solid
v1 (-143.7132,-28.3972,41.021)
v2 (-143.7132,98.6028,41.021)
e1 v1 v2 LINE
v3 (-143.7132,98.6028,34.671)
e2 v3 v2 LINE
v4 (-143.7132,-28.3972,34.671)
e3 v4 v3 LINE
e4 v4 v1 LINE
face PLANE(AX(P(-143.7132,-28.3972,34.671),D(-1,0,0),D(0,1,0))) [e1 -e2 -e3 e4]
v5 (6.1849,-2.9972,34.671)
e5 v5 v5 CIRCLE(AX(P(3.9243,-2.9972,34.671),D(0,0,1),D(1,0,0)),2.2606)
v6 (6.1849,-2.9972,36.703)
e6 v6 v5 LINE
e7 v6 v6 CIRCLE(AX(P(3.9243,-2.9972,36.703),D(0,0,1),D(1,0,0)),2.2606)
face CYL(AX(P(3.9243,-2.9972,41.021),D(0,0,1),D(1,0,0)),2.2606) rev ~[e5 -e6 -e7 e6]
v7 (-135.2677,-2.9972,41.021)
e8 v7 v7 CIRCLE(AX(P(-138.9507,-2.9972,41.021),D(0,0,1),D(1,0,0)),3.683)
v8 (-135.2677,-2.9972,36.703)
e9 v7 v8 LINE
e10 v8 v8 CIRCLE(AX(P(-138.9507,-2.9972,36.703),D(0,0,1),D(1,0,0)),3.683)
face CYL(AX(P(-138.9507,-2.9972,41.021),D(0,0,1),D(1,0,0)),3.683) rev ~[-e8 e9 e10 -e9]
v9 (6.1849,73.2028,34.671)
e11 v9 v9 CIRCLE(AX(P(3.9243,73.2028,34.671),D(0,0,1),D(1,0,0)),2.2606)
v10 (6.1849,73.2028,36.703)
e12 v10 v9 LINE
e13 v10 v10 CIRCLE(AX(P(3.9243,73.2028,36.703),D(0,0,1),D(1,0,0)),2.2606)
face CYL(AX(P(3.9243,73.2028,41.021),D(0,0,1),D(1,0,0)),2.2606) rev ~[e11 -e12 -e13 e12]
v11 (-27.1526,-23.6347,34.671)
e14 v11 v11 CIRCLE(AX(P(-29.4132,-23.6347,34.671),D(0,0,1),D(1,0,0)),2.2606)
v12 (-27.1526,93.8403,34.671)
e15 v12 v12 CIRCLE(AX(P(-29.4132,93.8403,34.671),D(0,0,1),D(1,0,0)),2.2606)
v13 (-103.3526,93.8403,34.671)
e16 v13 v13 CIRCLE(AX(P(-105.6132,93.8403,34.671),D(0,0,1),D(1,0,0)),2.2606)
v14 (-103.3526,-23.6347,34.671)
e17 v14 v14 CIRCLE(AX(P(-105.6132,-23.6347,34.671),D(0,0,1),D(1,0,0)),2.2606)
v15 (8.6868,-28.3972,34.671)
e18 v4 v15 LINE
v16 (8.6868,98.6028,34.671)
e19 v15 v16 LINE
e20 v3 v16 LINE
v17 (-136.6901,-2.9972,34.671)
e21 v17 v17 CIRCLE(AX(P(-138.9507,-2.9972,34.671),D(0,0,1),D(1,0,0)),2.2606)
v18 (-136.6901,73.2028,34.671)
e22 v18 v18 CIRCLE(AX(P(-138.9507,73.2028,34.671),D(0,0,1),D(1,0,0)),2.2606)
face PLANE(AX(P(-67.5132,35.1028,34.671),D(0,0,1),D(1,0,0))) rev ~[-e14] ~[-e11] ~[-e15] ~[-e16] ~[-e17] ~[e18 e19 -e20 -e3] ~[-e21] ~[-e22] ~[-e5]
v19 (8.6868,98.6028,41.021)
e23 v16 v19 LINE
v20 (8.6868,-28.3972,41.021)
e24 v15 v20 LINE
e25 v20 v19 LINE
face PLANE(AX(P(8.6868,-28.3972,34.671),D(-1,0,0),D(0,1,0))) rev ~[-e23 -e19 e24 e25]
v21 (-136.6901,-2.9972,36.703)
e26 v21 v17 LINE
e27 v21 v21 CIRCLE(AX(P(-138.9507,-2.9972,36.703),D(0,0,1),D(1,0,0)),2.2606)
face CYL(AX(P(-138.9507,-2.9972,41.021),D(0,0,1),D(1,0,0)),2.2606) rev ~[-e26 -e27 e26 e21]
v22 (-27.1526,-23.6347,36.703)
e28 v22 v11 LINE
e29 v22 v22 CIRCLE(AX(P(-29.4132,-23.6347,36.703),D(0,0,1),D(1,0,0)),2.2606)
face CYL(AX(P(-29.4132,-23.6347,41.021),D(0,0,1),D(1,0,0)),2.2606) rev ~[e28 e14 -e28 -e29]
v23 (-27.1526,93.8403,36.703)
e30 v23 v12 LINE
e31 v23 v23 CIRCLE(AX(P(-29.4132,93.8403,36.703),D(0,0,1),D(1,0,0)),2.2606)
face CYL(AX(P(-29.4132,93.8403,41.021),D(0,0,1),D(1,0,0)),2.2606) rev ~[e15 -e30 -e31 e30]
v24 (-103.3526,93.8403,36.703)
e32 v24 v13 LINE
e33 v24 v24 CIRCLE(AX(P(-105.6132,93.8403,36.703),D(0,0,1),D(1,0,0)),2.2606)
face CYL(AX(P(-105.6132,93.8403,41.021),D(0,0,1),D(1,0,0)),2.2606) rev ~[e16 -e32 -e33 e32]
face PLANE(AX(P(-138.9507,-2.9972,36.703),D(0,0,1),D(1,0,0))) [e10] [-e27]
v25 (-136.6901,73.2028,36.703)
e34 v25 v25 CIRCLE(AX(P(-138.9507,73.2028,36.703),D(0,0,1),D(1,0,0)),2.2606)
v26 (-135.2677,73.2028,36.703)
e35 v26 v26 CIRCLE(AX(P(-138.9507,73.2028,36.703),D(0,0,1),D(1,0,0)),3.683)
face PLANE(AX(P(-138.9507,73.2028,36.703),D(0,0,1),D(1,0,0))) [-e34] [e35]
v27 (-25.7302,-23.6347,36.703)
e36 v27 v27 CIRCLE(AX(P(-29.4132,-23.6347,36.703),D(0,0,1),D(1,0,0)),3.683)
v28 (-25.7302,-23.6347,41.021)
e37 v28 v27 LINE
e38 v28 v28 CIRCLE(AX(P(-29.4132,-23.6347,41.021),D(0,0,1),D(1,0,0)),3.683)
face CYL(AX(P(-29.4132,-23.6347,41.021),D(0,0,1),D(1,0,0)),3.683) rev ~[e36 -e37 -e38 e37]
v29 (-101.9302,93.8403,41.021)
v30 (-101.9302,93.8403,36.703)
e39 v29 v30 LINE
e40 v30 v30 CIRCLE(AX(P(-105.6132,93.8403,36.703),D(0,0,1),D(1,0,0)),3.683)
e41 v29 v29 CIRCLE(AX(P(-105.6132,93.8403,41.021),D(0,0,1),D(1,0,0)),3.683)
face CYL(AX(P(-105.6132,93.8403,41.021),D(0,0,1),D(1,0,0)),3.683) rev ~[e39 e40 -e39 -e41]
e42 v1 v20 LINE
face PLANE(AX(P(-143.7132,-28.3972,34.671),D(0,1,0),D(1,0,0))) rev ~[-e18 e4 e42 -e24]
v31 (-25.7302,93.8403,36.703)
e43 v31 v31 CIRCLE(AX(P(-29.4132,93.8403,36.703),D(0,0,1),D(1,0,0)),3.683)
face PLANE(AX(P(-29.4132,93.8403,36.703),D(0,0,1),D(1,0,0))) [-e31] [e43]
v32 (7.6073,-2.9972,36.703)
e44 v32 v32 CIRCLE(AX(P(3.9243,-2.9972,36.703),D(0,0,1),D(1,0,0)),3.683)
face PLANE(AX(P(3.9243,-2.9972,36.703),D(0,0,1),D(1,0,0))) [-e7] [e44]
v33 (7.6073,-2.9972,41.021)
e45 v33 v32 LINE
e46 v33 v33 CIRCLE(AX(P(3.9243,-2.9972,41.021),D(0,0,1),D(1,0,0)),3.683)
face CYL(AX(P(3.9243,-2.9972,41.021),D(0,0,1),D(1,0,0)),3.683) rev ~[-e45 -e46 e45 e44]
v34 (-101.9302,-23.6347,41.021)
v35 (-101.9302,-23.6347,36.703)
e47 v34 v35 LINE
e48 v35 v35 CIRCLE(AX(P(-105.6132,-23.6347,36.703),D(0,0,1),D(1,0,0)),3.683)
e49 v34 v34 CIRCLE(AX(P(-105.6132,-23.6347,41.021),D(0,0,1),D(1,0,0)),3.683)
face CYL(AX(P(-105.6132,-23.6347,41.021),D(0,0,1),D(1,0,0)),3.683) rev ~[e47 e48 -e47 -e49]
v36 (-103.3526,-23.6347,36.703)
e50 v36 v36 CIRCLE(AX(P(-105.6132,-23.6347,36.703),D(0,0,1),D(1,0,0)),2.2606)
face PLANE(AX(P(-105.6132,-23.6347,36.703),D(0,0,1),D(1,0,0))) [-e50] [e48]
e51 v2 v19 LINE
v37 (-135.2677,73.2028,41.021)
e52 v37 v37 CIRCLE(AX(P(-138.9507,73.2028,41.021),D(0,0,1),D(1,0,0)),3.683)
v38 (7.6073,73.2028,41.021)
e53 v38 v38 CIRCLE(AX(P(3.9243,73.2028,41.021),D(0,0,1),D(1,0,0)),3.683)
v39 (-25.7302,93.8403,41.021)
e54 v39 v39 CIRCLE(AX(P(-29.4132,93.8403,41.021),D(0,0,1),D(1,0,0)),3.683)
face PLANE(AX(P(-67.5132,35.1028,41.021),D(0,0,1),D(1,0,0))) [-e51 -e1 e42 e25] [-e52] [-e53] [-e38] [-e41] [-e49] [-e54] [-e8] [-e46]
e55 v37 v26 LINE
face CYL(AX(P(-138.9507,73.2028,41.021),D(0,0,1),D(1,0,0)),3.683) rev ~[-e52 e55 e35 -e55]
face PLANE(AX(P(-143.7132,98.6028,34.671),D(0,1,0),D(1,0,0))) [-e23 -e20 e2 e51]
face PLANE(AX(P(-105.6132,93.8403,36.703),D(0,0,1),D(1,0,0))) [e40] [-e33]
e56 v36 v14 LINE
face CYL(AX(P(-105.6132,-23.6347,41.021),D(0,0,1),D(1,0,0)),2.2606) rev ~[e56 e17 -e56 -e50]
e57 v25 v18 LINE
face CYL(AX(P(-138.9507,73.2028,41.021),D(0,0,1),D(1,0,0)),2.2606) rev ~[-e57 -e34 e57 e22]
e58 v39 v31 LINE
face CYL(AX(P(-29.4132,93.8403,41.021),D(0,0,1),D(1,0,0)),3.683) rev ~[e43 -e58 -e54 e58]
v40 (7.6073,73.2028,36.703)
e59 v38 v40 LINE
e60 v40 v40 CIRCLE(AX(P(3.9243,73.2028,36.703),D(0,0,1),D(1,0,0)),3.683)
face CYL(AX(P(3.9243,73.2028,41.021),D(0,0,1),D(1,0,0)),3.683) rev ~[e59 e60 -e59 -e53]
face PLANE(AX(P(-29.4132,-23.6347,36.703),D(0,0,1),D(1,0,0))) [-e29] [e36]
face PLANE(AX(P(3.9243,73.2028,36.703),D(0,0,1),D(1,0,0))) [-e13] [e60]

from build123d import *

# Parameters (mm, degrees)
SKETCH007_W     = 152.4
SKETCH007_H     = 127
PAD005_DEPTH    = 6.35
SKETCH085_R     = 2.2606
POCKET013_DEPTH = 6.351
SKETCH095_R     = 3.683
POCKET023_DEPTH = 4.318


with BuildPart() as part:
    # Sketch007 → Pad005 (new body)
    with BuildSketch(Plane.XY):
        Rectangle(SKETCH007_W, SKETCH007_H)
    extrude(amount=PAD005_DEPTH)

    # Sketch085 (on Face6 of Pad005) → Pocket013 (cut, through all)
    with BuildSketch(Plane.XY.offset(6.35)):
        with Locations((-38.1, 58.7375)):
            Circle(SKETCH085_R)
        with Locations((38.1, 58.7375)):
            Circle(SKETCH085_R)
        with Locations((71.4375, 38.1)):
            Circle(SKETCH085_R)
        with Locations((71.4375, -38.1)):
            Circle(SKETCH085_R)
        with Locations((38.1, -58.7375)):
            Circle(SKETCH085_R)
        with Locations((-38.1, -58.7375)):
            Circle(SKETCH085_R)
        with Locations((-71.4375, -38.1)):
            Circle(SKETCH085_R)
        with Locations((-71.4375, 38.1)):
            Circle(SKETCH085_R)
    extrude(amount=-POCKET013_DEPTH, mode=Mode.SUBTRACT)

    # Sketch095 (on Face6 of Pad005) → Pocket023 (cut)
    with BuildSketch(Plane.XY.offset(6.35)):
        with Locations((-38.1, 58.7375)):
            Circle(SKETCH095_R)
        with Locations((38.1, 58.7375)):
            Circle(SKETCH095_R)
        with Locations((71.4375, 38.1)):
            Circle(SKETCH095_R)
        with Locations((71.4375, -38.1)):
            Circle(SKETCH095_R)
        with Locations((38.1, -58.7375)):
            Circle(SKETCH095_R)
        with Locations((-38.1, -58.7375)):
            Circle(SKETCH095_R)
        with Locations((-71.4375, -38.1)):
            Circle(SKETCH095_R)
        with Locations((-71.4375, 38.1)):
            Circle(SKETCH095_R)
    extrude(amount=-POCKET023_DEPTH, mode=Mode.SUBTRACT)


with BuildPart() as part_1:
    # Body007 placement: moved
    add(part.part.moved(Location((-67.5132, 35.1028, 34.671))))


solid = part_1.part
